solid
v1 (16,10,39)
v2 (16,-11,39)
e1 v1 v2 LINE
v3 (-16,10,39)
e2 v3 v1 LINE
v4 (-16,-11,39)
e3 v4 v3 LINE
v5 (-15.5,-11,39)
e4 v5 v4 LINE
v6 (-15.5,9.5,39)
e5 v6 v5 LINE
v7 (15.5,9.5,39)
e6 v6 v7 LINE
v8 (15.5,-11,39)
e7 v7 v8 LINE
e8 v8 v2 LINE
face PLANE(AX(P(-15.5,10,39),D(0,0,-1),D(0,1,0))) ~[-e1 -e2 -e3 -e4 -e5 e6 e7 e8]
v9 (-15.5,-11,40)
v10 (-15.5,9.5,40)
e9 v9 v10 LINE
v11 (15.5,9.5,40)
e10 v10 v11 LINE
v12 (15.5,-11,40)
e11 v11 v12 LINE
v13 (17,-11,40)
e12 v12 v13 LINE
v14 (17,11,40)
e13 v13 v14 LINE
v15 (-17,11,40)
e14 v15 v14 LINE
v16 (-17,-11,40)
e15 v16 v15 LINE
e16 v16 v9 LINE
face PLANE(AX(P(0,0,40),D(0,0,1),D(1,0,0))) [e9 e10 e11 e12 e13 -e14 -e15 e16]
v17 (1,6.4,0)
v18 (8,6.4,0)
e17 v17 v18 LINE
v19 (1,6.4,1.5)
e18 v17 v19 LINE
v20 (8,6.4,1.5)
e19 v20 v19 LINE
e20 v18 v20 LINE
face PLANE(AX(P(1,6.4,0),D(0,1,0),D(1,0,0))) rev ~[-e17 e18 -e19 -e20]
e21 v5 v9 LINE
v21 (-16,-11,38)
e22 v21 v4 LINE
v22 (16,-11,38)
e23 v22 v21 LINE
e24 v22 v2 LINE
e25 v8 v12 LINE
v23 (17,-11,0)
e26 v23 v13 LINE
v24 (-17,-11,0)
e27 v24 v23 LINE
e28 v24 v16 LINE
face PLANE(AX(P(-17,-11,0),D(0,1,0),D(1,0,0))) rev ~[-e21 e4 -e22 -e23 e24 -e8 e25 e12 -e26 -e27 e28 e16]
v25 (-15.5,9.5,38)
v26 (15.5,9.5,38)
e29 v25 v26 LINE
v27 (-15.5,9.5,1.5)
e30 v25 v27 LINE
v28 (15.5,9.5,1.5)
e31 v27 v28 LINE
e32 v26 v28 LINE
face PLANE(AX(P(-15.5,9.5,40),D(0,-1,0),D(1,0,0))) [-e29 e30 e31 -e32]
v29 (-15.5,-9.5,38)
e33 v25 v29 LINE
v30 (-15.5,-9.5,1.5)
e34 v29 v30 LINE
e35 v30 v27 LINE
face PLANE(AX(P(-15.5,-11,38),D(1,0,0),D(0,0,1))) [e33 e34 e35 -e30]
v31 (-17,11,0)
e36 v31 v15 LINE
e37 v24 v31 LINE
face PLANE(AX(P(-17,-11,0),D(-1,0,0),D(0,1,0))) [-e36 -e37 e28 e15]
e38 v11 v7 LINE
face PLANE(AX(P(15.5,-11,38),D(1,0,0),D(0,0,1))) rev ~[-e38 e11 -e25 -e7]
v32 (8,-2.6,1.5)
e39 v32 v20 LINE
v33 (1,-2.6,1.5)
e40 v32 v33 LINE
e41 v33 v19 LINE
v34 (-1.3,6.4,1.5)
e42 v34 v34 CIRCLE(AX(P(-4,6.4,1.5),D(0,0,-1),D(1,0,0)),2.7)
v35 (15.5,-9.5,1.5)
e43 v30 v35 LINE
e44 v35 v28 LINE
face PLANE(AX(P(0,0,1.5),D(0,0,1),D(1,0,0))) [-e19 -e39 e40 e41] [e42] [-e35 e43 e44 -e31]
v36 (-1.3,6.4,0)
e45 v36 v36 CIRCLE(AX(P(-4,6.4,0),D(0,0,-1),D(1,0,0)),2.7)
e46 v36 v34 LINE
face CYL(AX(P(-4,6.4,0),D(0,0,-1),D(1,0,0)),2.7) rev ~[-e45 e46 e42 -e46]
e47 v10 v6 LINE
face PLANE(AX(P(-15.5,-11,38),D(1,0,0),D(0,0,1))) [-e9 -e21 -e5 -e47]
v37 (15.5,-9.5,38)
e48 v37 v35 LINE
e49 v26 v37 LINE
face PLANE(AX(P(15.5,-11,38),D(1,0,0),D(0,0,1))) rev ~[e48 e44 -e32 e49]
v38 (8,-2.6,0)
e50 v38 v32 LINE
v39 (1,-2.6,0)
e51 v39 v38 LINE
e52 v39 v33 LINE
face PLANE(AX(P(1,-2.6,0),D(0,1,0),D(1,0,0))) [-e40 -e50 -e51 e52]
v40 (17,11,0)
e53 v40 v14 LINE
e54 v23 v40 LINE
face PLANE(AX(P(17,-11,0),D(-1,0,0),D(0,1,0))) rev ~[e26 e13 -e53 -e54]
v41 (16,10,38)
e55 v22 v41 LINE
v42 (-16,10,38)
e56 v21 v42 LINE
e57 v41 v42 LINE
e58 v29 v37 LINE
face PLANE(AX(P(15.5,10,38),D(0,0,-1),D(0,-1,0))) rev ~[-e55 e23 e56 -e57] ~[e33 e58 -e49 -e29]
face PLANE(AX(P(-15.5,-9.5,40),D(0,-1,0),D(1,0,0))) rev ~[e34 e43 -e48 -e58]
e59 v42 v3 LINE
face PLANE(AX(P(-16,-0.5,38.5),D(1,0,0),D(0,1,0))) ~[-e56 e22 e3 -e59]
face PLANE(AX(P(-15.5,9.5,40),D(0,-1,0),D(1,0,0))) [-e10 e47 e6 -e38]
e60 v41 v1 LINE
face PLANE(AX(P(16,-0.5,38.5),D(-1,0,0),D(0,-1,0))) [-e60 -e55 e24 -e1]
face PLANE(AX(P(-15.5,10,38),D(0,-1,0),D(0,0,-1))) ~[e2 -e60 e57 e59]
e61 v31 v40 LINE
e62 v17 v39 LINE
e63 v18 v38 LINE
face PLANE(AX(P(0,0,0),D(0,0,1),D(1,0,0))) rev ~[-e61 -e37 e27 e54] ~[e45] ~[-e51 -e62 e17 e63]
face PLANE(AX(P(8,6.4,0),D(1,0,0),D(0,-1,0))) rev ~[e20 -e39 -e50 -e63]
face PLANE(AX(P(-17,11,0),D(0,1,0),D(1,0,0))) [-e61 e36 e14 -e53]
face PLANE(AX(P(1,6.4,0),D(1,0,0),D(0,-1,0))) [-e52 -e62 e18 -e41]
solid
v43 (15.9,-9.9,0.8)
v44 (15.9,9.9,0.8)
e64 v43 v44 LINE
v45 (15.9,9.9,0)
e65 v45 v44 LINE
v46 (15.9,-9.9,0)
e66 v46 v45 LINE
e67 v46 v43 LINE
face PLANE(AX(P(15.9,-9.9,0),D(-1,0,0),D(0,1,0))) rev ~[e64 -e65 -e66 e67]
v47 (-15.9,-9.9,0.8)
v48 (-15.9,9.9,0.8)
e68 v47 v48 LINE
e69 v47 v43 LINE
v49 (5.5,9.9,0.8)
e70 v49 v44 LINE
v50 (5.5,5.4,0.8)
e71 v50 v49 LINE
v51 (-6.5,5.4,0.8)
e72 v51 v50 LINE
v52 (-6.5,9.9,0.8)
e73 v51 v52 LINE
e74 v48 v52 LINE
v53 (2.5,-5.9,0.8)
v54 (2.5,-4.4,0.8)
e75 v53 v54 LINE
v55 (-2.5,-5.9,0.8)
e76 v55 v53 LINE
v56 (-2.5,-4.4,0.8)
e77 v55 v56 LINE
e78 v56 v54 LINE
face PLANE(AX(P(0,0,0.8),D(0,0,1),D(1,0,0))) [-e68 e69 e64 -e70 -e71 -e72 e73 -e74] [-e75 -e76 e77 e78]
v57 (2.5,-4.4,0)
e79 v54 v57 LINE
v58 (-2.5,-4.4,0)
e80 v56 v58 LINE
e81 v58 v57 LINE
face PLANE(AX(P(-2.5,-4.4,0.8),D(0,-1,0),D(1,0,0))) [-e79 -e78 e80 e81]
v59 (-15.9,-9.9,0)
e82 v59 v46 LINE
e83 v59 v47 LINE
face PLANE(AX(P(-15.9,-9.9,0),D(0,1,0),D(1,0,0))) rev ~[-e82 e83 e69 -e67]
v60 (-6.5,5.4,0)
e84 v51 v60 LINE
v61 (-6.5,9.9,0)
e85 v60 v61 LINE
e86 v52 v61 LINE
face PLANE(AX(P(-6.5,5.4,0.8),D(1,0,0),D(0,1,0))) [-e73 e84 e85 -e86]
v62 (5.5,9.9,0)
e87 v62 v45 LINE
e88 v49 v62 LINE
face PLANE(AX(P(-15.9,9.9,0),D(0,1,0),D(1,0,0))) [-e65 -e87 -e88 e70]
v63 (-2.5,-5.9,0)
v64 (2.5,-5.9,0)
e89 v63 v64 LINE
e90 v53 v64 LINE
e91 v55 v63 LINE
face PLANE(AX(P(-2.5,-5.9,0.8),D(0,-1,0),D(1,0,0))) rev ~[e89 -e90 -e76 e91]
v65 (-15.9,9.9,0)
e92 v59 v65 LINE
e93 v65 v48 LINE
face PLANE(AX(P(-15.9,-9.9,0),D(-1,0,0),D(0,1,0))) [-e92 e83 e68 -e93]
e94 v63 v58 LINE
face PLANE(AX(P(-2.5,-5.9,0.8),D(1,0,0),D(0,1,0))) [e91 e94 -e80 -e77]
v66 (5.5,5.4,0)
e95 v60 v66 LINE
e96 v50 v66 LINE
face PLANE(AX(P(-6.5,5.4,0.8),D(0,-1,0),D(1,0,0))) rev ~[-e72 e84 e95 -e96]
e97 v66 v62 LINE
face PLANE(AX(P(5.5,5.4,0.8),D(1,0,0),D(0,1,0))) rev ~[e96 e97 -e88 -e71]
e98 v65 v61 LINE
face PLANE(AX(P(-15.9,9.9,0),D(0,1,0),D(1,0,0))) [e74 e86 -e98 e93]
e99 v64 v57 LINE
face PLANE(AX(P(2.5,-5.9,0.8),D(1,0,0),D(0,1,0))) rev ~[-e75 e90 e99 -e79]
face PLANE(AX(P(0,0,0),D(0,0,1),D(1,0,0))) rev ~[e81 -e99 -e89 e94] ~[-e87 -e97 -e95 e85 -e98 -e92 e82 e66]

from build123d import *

# Parameters (mm, degrees)
SKETCH_W        = 34
SKETCH_H        = 22
PAD_DEPTH       = 40
SKETCH001_W     = 31
SKETCH001_H     = 19
POCKET_DEPTH    = 38.5
SKETCH002_R     = 2.7
SKETCH002_W     = 7
SKETCH002_H     = 9
POCKET001_DEPTH = 40.001
SKETCH003_W     = 31
SKETCH003_H     = 2
POCKET002_DEPTH = 1.5
SKETCH004_W     = 21
SKETCH004_H     = 1
POCKET003_DEPTH = 0.5
SKETCH009_W     = 32
SKETCH009_H     = 1
POCKET007_DEPTH = 0.5
SKETCH006_W     = 31.8
SKETCH006_H     = 19.8
PAD001_DEPTH    = 0.8
SKETCH007_W     = 12
SKETCH007_H     = 4.5
POCKET005_DEPTH = 0.801
SKETCH008_W     = 5
SKETCH008_H     = 1.5
POCKET006_DEPTH = 0.801


with BuildPart() as body:
    # Sketch → Pad (new body)
    with BuildSketch(Plane.XY):
        Rectangle(SKETCH_W, SKETCH_H)
    extrude(amount=PAD_DEPTH)

    # Sketch001 (on Face6 of Pad) → Pocket (cut)
    with BuildSketch(Plane.XY.offset(40)):
        Rectangle(SKETCH001_W, SKETCH001_H)
    extrude(amount=-POCKET_DEPTH, mode=Mode.SUBTRACT)

    # Sketch002 (on Face4 of Pocket) → Pocket001 (cut, through all)
    with BuildSketch(Plane(origin=(0, 0, 0), x_dir=(1, 0, 0), z_dir=(0, 0, -1))):
        with Locations((-4, -6.4)):
            Circle(SKETCH002_R)
        with Locations((4.5, -1.9)):
            Rectangle(SKETCH002_W, SKETCH002_H)
    extrude(amount=-POCKET001_DEPTH, mode=Mode.SUBTRACT)

    # Sketch003 (on Face6 of Pocket001) → Pocket002 (cut)
    with BuildSketch(Plane.XZ.offset(11)):
        with Locations((0, 39)):
            Rectangle(SKETCH003_W, SKETCH003_H)
    extrude(amount=-POCKET002_DEPTH, mode=Mode.SUBTRACT)

    # Sketch004 (on Face16 of Pocket002) → Pocket003 (cut)
    with BuildSketch(Plane(origin=(15.5, 0, 0), x_dir=(0, -1, 0), z_dir=(-1, 0, 0))):
        with Locations((0.5, 38.5)):
            Rectangle(SKETCH004_W, SKETCH004_H)
    pocket003 = extrude(amount=-POCKET003_DEPTH, mode=Mode.SUBTRACT)

    # Mirrored: Pocket003 across YZ
    add(pocket003.mirror(Plane.YZ), mode=Mode.SUBTRACT)

    # Sketch009 (on Face14 of Mirrored) → Pocket007 (cut)
    with BuildSketch(Plane.XZ.offset(-9.5)):
        with Locations((0, 38.5)):
            Rectangle(SKETCH009_W, SKETCH009_H)
    extrude(amount=-POCKET007_DEPTH, mode=Mode.SUBTRACT)


with BuildPart() as top:
    # Sketch006 → Pad001 (new body)
    with BuildSketch(Plane.XY):
        Rectangle(SKETCH006_W, SKETCH006_H)
    extrude(amount=PAD001_DEPTH)

    # Sketch007 (on Face6 of Pad001) → Pocket005 (cut, through all)
    with BuildSketch(Plane.XY.offset(0.8)):
        with Locations((-0.5, 7.65)):
            Rectangle(SKETCH007_W, SKETCH007_H)
    extrude(amount=-POCKET005_DEPTH, mode=Mode.SUBTRACT)

    # Sketch008 (on Face4 of Pocket005) → Pocket006 (cut, through all)
    with BuildSketch(Plane.XY.offset(0.8)):
        with Locations((0, -5.15)):
            Rectangle(SKETCH008_W, SKETCH008_H)
    extrude(amount=-POCKET006_DEPTH, mode=Mode.SUBTRACT)


solid = Compound([body.part, top.part])
